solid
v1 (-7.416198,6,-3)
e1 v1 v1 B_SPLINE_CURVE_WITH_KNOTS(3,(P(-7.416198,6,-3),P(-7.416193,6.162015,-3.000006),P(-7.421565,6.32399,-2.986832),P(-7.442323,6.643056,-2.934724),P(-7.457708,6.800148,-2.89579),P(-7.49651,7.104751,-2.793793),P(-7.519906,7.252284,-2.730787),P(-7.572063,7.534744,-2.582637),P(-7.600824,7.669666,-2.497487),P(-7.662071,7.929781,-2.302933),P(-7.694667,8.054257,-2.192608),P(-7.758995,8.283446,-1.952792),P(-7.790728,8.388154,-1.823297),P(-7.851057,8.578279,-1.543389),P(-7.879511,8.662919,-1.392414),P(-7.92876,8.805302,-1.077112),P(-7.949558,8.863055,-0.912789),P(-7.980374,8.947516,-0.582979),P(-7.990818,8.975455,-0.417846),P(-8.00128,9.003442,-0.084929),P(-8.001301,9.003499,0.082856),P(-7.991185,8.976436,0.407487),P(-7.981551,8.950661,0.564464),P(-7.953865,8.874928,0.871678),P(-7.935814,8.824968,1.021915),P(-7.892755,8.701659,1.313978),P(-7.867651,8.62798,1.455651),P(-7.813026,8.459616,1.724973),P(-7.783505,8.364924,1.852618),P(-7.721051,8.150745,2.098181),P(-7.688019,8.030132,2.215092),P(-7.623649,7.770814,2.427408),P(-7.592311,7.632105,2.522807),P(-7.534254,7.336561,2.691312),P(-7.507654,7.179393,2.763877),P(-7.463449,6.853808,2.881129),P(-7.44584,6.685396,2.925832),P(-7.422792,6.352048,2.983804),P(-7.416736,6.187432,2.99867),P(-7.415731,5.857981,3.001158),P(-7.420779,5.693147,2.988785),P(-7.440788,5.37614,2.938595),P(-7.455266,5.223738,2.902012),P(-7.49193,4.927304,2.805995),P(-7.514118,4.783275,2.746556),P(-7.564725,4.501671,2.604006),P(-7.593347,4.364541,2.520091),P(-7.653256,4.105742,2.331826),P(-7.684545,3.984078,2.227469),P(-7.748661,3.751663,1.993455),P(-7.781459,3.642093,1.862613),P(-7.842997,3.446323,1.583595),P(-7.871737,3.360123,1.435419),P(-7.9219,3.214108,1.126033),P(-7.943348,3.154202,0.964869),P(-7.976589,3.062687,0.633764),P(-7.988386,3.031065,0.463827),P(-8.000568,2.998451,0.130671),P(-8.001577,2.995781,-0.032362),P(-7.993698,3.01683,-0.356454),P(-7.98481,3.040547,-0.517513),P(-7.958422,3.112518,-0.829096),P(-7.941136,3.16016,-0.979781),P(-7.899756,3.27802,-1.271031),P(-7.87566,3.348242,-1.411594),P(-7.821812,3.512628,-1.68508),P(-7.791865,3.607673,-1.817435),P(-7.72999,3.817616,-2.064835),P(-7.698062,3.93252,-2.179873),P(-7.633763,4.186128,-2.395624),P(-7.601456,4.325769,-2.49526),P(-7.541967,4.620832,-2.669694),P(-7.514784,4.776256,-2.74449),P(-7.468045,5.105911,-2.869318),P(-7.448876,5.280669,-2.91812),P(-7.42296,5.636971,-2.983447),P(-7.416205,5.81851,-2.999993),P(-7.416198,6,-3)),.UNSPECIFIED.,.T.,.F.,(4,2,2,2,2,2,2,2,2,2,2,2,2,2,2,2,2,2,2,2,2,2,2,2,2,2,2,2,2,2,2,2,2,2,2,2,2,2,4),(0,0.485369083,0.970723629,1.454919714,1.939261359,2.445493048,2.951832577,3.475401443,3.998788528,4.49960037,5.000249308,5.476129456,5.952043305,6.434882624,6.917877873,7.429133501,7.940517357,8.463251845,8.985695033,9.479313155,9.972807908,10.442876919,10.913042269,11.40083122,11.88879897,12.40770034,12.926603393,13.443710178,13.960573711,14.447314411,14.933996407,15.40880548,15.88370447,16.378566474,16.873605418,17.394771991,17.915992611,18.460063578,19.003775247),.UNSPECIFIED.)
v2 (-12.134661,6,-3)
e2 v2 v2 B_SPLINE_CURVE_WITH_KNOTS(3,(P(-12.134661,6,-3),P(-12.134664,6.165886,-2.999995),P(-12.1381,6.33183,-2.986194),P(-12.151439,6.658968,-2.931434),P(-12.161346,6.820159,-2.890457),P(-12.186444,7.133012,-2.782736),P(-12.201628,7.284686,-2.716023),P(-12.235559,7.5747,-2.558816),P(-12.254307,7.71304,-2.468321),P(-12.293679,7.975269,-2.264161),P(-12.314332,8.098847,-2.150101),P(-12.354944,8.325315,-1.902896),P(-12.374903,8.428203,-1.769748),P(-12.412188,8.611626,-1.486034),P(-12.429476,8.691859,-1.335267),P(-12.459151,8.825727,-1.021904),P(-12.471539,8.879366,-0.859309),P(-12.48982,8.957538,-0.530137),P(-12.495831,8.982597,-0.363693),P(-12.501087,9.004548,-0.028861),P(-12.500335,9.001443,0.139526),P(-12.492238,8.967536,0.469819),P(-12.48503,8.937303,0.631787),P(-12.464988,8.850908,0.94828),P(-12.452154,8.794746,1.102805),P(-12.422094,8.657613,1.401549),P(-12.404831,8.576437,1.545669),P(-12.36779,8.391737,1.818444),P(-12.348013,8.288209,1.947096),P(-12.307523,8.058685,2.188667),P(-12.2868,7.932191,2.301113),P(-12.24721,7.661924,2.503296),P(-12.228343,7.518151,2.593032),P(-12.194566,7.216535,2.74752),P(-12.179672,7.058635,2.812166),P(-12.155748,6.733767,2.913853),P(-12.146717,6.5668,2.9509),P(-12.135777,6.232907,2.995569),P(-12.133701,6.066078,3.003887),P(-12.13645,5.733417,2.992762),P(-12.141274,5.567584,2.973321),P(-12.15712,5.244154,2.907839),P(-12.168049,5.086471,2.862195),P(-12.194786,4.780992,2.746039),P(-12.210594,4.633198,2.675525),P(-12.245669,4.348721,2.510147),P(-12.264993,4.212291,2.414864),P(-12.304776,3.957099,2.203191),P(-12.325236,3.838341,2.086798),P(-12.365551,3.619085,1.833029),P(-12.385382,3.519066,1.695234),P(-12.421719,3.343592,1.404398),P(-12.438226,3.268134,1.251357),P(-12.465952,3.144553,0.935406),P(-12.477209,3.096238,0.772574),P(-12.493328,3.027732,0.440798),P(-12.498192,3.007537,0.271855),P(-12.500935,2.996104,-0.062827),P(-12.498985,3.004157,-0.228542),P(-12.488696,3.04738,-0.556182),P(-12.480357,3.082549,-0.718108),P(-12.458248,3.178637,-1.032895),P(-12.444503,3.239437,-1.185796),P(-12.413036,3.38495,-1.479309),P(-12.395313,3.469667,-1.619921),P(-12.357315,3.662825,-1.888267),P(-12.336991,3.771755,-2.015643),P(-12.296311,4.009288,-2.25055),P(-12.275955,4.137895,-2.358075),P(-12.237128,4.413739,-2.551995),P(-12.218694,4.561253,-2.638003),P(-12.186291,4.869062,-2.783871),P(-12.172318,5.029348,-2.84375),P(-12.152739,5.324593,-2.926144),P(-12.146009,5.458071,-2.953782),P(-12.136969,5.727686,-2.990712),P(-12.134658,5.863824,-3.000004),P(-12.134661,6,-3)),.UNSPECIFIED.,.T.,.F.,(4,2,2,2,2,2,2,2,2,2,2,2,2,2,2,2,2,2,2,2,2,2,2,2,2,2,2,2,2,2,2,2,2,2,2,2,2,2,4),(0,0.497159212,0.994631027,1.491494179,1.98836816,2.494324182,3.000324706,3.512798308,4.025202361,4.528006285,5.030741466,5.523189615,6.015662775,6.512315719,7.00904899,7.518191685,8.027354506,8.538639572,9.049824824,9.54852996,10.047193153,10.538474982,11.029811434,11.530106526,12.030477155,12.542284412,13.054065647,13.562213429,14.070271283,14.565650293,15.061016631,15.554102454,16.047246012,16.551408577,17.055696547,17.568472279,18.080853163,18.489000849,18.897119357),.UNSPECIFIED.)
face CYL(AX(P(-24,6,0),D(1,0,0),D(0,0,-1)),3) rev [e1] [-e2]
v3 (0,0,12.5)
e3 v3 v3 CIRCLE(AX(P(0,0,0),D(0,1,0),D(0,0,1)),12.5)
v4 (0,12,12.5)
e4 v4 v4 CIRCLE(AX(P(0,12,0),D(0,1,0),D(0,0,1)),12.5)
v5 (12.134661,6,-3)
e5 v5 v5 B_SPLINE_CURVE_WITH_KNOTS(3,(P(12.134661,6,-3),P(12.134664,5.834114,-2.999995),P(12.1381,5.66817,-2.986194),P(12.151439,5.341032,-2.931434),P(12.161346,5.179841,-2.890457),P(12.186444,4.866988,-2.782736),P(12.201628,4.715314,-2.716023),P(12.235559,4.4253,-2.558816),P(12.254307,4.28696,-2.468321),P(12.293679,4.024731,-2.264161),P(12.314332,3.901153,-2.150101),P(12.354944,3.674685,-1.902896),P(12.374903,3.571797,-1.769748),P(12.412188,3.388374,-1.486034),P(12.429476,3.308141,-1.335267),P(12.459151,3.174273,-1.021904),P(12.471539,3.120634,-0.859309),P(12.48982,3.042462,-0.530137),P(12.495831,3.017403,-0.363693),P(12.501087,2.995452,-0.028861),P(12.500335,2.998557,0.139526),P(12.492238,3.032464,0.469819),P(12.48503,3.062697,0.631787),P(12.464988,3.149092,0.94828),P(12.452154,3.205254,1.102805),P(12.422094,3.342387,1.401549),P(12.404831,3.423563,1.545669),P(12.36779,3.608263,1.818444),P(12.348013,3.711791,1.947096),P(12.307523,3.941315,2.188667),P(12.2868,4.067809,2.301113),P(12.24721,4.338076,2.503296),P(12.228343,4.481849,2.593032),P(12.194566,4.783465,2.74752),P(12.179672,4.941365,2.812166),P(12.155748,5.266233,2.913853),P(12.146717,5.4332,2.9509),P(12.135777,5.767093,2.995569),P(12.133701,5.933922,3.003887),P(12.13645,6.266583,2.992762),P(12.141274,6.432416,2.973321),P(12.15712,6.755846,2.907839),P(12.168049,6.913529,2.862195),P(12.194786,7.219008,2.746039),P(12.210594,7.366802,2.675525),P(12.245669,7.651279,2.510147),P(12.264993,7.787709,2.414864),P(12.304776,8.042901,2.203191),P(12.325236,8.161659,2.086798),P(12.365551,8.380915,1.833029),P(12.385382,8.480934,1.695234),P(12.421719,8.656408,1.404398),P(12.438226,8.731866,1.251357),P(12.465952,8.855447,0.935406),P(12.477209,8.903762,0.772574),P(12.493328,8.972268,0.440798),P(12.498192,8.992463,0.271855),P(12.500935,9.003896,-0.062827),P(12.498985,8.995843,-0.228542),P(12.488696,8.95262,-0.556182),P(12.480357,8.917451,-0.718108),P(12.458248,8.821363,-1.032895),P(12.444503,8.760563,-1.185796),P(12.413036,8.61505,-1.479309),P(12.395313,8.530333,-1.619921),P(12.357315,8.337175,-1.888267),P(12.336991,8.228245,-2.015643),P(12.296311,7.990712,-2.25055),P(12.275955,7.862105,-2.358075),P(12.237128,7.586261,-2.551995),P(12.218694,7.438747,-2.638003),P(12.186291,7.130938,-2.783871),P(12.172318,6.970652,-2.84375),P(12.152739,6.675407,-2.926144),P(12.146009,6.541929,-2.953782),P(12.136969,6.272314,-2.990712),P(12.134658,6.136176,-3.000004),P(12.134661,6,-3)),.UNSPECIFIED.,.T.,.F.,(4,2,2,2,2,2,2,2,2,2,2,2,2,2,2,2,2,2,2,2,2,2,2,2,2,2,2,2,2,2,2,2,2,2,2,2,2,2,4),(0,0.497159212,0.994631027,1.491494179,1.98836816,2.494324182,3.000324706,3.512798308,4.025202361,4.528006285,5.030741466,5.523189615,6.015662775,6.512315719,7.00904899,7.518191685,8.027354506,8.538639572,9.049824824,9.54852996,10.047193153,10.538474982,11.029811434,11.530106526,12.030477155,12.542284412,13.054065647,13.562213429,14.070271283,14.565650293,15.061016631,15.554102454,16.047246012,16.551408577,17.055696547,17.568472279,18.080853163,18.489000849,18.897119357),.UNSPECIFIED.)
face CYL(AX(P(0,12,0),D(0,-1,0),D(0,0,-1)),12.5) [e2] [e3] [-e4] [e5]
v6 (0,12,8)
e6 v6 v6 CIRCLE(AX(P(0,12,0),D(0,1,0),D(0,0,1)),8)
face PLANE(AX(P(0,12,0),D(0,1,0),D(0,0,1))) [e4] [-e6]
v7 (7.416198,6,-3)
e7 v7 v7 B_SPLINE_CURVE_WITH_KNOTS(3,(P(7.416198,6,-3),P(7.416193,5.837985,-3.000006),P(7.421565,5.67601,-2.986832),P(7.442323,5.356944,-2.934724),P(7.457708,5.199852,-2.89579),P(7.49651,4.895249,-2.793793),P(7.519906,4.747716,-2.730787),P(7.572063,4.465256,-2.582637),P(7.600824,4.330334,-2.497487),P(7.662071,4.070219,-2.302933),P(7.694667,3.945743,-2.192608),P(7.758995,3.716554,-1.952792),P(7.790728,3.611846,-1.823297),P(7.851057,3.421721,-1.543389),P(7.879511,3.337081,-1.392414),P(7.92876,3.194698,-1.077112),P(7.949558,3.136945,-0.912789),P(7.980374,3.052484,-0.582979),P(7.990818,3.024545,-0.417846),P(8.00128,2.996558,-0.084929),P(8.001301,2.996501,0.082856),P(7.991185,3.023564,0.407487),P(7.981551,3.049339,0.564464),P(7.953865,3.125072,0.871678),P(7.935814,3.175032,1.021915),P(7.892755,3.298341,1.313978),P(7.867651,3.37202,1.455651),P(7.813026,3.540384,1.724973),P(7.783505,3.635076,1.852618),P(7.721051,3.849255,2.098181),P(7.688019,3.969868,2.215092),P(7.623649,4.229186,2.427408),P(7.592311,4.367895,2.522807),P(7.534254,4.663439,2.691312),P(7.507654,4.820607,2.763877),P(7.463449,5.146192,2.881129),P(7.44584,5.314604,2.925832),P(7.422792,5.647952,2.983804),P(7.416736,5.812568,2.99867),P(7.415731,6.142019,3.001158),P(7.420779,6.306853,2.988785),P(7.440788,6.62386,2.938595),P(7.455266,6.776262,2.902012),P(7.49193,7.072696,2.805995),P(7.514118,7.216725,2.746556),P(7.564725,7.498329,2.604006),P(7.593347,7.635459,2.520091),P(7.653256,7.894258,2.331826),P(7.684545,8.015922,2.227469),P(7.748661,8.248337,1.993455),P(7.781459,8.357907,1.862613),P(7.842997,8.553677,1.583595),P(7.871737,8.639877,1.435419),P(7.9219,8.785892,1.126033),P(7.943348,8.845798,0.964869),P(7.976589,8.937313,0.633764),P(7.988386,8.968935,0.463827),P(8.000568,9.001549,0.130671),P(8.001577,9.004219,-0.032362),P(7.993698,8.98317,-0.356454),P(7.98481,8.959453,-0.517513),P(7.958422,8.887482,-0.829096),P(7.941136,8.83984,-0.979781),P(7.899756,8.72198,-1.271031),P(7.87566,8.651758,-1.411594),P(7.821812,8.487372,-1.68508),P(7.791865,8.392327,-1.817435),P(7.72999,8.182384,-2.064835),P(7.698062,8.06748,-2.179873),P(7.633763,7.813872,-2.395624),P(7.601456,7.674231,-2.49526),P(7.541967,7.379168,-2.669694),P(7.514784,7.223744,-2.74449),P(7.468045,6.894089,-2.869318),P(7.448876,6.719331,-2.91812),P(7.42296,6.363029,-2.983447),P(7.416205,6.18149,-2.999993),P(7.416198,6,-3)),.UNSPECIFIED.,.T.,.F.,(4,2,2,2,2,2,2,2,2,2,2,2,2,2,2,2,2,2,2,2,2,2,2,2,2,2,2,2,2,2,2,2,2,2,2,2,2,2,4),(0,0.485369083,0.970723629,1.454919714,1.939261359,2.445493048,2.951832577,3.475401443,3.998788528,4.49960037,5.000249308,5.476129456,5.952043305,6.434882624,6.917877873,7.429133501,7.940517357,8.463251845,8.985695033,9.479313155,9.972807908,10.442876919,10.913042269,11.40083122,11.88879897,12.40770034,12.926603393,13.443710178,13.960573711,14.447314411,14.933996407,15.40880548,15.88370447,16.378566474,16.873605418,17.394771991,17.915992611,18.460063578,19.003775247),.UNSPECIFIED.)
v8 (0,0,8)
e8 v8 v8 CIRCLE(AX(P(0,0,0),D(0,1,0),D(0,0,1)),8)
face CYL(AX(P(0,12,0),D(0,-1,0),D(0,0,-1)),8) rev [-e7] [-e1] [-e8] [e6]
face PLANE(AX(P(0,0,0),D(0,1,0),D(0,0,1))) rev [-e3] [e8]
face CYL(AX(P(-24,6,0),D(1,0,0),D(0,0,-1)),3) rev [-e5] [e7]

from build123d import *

# Parameters (mm, degrees)
SKETCH1_R           = 12.5
SKETCH1_R_2         = 8
BOSS_EXTRUDE1_DEPTH = 12
SKETCH2_R           = 3
CUT_EXTRUDE1_DEPTH  = 24


with BuildPart() as part:
    # Sketch1 → Boss-Extrude1 (new body)
    with BuildSketch(Plane(origin=(0, 0, 0), x_dir=(1, 0, 0), z_dir=(0, 1, 0))):
        with Locations(Location((0, 0, 0), (0, 0, 270))):
            Circle(SKETCH1_R)
        with Locations(Location((0, 0, 0), (0, 0, 270))):
            Circle(SKETCH1_R_2, mode=Mode.SUBTRACT)
    extrude(amount=BOSS_EXTRUDE1_DEPTH)

    # Sketch2 → Cut-Extrude1 (cut, symmetric)
    with BuildSketch(Plane(origin=(0, 0, 0), x_dir=(0, 0, -1), z_dir=(1, 0, 0))):
        with Locations((0, 6)):
            Circle(SKETCH2_R)
    extrude(amount=CUT_EXTRUDE1_DEPTH, both=True, mode=Mode.SUBTRACT)


solid = part.part
